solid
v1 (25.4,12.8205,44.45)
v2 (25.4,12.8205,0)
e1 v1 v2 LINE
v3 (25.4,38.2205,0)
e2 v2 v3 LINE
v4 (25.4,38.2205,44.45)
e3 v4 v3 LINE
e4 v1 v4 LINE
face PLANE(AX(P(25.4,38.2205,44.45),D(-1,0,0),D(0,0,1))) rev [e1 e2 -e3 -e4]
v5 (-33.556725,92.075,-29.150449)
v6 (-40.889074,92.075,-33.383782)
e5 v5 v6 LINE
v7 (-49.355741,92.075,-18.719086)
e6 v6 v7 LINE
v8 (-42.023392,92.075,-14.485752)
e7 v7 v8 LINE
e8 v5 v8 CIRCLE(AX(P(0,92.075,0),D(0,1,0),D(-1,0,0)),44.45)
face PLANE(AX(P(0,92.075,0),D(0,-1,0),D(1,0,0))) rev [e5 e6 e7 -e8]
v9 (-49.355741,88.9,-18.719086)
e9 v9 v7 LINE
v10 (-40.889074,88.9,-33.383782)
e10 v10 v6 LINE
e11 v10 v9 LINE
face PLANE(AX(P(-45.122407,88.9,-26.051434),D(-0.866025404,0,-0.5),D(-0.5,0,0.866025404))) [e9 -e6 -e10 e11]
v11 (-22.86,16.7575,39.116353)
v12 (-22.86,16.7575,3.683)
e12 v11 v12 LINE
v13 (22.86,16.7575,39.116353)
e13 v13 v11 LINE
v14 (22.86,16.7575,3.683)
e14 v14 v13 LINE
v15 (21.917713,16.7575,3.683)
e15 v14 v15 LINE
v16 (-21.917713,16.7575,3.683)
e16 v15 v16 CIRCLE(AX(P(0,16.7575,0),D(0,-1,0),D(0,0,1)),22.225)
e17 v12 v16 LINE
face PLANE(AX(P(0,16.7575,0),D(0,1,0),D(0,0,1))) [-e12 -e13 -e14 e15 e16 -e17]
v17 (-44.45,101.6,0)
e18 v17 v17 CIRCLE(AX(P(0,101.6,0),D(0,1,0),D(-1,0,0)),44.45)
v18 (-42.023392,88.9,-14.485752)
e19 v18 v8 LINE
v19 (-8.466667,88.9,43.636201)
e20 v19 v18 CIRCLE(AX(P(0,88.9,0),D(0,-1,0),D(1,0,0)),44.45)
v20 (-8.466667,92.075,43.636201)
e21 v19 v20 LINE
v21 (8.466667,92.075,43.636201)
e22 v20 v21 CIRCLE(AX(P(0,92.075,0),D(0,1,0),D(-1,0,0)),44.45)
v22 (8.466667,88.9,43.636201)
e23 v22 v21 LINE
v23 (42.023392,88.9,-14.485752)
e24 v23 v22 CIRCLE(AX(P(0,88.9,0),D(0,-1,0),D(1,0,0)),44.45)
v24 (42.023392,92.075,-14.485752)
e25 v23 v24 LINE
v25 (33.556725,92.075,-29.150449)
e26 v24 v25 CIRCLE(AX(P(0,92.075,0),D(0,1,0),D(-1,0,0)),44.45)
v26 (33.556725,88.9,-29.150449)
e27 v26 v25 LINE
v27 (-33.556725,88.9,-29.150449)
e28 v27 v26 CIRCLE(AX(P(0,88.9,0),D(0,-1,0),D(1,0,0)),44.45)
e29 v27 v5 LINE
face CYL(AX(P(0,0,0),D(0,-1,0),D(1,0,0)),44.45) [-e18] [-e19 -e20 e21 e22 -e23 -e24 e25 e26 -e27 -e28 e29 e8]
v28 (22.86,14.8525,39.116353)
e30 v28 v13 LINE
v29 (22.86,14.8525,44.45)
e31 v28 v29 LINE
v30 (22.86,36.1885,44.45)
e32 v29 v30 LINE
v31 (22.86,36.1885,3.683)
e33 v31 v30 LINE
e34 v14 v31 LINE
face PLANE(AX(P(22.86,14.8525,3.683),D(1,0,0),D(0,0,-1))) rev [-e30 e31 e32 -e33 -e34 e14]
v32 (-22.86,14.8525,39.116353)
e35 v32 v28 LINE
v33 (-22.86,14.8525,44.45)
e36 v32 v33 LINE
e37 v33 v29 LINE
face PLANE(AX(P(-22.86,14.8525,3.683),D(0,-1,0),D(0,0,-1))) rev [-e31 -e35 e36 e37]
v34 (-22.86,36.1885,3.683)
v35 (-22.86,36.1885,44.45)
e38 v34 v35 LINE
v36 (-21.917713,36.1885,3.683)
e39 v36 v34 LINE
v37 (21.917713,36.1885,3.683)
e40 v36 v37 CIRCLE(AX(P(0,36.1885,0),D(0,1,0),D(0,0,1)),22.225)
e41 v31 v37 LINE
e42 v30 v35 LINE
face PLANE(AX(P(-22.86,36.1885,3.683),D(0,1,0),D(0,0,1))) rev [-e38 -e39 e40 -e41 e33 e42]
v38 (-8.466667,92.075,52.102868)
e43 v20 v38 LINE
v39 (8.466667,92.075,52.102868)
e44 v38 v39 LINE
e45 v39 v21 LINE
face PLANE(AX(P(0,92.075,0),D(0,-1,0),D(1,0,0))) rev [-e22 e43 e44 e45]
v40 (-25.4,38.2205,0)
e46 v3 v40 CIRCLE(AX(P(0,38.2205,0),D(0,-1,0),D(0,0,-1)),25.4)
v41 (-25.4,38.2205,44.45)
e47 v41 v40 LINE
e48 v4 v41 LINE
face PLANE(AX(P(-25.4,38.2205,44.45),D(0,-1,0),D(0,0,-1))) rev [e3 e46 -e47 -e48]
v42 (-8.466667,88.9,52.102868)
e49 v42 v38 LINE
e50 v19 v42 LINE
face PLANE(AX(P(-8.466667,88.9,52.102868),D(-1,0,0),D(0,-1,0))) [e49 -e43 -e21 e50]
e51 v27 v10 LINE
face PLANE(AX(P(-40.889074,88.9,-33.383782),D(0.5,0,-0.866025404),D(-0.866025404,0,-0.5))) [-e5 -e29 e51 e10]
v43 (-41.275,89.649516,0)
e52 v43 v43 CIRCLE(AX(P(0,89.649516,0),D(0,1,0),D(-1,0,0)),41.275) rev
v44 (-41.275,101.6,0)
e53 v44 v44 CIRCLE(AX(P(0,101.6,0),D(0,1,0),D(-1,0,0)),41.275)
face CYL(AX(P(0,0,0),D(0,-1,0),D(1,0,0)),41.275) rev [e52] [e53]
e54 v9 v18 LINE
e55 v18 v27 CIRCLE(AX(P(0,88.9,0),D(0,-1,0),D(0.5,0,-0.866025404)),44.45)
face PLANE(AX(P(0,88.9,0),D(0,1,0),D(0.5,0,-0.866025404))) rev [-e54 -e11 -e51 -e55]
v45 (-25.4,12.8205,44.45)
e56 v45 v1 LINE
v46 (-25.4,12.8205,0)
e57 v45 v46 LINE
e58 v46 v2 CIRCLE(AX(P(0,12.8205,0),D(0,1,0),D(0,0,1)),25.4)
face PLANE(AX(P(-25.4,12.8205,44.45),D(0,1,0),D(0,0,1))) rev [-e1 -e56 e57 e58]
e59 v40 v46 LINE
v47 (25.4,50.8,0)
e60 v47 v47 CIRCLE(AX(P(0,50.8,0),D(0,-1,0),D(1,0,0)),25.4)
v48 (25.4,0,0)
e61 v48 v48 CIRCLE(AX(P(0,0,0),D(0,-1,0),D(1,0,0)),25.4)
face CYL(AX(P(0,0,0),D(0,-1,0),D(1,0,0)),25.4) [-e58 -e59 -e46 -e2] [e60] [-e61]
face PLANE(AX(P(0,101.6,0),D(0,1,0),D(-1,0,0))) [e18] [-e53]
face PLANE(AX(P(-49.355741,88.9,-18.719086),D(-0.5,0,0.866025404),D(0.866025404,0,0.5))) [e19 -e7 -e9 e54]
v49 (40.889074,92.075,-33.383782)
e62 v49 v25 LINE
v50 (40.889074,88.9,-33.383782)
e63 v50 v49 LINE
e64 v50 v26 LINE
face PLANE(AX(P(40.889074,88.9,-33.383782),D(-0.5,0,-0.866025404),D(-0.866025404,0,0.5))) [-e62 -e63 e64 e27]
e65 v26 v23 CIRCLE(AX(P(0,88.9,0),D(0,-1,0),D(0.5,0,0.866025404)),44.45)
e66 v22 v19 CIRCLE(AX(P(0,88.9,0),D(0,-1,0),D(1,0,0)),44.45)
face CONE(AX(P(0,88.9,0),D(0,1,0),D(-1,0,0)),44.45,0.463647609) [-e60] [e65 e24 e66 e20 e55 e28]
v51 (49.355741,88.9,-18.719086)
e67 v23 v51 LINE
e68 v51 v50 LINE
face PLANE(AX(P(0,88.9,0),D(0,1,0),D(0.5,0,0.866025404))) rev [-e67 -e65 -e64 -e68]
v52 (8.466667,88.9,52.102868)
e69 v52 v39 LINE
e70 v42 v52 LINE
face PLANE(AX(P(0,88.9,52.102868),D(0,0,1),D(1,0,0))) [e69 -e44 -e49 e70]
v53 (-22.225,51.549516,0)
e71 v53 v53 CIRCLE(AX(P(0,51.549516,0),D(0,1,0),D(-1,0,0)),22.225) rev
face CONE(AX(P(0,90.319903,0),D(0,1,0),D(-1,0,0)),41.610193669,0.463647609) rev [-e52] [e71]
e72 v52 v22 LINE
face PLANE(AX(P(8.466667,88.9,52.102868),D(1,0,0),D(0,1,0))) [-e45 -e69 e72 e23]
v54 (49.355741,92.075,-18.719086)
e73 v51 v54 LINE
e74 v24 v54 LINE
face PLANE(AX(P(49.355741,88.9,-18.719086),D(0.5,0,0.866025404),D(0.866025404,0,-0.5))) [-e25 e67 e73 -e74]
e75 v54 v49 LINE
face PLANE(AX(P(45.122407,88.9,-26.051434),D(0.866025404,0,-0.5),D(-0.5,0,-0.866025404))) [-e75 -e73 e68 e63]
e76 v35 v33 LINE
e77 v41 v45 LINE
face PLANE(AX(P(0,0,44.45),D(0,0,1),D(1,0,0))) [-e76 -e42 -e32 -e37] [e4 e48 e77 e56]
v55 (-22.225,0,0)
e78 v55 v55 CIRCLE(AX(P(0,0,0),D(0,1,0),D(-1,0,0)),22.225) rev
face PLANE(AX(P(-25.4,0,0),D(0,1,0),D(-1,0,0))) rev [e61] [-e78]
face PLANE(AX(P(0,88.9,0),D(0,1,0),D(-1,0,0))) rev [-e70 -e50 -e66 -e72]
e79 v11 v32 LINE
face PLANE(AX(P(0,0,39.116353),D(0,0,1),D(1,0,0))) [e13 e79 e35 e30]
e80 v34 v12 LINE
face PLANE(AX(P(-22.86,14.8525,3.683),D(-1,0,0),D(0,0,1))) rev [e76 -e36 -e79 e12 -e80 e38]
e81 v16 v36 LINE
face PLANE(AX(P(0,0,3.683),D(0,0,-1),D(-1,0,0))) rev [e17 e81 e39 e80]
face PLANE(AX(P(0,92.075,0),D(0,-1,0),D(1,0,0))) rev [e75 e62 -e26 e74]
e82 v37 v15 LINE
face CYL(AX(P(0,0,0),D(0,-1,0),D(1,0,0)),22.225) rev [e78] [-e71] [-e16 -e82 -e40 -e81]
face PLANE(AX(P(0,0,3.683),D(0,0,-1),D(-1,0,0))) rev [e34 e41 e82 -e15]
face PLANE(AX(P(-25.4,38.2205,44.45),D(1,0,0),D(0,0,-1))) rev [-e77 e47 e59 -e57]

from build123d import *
from build123d.topology import SkipClean

# Parameters (mm, degrees)
SHELL1_T                = -3.175
BOSS_EXTRUDE1_START     = -3.175
BOSS_EXTRUDE1_DEPTH     = 3.175
CIRPATTERN1_COUNT       = 3
SKETCH4_W               = 50.8
SKETCH4_H               = 25.4
BOSS_EXTRUDE2_DEPTH     = 44.45
CUT_EXTRUDE1_DEPTH      = 90.727393356
CUT_EXTRUDE1_DEPTH_BACK = 90.727393356
SKETCH5_R               = 22.225
SKETCH6_W               = 45.72
SKETCH6_H               = 21.336
CUT_EXTRUDE2_DEPTH      = 40.767
BOSS_EXTRUDE3_DEPTH     = 1.905
SKETCH8_W               = 45.72
SKETCH8_H               = 1.905
BOSS_EXTRUDE4_DEPTH     = 16.256
SKETCH10_R              = 44.45
SKETCH10_R_2            = 41.275
BOSS_EXTRUDE5_DEPTH     = 9.525


with BuildPart() as part:
    # Sketch1 → Revolve1 (revolve)
    with BuildSketch(Plane.XY, mode=Mode.PRIVATE) as revolve1_sk:
        Polygon((0, 92.075), (-44.45, 92.075), (-44.45, 88.9), (-25.4, 50.8), (-25.4, 0), (0, 0), align=None)
    revolve(revolve1_sk.sketch.rotate(Axis((0, 0, 0), (0, 1, 0)), 180), axis=Axis((0, 0, 0), (0, 1, 0)))

    # Shell1
    shell1_openings = [part.faces().sort_by_distance(p)[0] for p in [
        (0, 0, 0),
        (0, 92.075, 0),
    ]]
    offset(amount=SHELL1_T, openings=shell1_openings, kind=Kind.INTERSECTION)

    # Sketch2 → Boss-Extrude1 (add)
    with BuildSketch(Plane(origin=(0, 92.075, 0), x_dir=(1, 0, 0), z_dir=(0, 1, 0)).offset(BOSS_EXTRUDE1_START)):
        with BuildLine():
            Line((0, -52.102867871), (-8.466666667, -52.102867871))
            Line((-8.466666667, -52.102867871), (-8.466666667, -43.636201204))
            ThreePointArc((-8.466666667, -43.636201204), (0, -44.45), (8.466666667, -43.636201204))
            Line((8.466666667, -43.636201204), (8.466666667, -52.102867871))
            Line((8.466666667, -52.102867871), (0, -52.102867871))
        make_face()
    boss_extrude1 = extrude(amount=BOSS_EXTRUDE1_DEPTH)

    # CirPattern1: Boss-Extrude1 ×3 about axis
    cirpattern1_axis = Axis((0, 0, 0), (0, 1, 0))
    for i in range(1, CIRPATTERN1_COUNT):
        add(boss_extrude1.rotate(cirpattern1_axis, i * 360 / CIRPATTERN1_COUNT))

    # Sketch4 → Boss-Extrude2 (add)
    with BuildSketch(Plane.XY):
        with Locations((0, 25.520500134)):
            Rectangle(SKETCH4_W, SKETCH4_H)
    extrude(amount=BOSS_EXTRUDE2_DEPTH)

    # Sketch5 → Cut-Extrude1 (cut, two sides: drawn at the far end of the back side and taken through both)
    with BuildSketch(Plane(origin=(0, 38.220500134, 0), x_dir=(1, 0, 0), z_dir=(0, 1, 0)).offset(-CUT_EXTRUDE1_DEPTH_BACK)):
        with Locations(Location((0, 0, 0), (0, 0, 180))):
            Circle(SKETCH5_R)
    extrude(amount=CUT_EXTRUDE1_DEPTH + CUT_EXTRUDE1_DEPTH_BACK, mode=Mode.SUBTRACT)

    # Sketch6 → Cut-Extrude2 (cut)
    with BuildSketch(Plane.XY.offset(44.45)):
        with Locations((0, 25.520500134)):
            Rectangle(SKETCH6_W, SKETCH6_H)
    extrude(amount=-CUT_EXTRUDE2_DEPTH, mode=Mode.SUBTRACT)

    # Sketch7 → Boss-Extrude3 (add)
    with SkipClean():  # the faces are left unmerged after this step: merging them gives an invalid solid
        with BuildSketch(Plane(origin=(0, 14.852500134, 0), x_dir=(1, 0, 0), z_dir=(0, 1, 0))):
            with BuildLine():
                Line((0, -22.860352775), (-22.86, -22.860352775))
                Line((-22.86, -22.860352775), (-22.860352775, 0))
                Line((-22.860352775, 0), (-22.225, 0))
                ThreePointArc((-22.225, 0), (-1.847898428, -22.148044979), (21.917712837, -3.683))
                Line((21.917712837, -3.683), (22.86, -3.683))
                Line((22.86, -3.683), (22.860352775, 0))
                Line((22.860352775, 0), (22.86, -22.860352775))
                Line((22.86, -22.860352775), (0, -22.860352775))
            make_face()
        extrude(amount=BOSS_EXTRUDE3_DEPTH)

    # Sketch8 → Boss-Extrude4 (add)
    with SkipClean():  # the faces are left unmerged after this step: merging them gives an invalid solid
        with BuildSketch(Plane.XY.offset(22.860352775)):
            with Locations((0, 15.805000134)):
                Rectangle(SKETCH8_W, SKETCH8_H)
        extrude(amount=BOSS_EXTRUDE4_DEPTH)

    # Sketch10 → Boss-Extrude5 (add)
    with BuildSketch(Plane(origin=(0, 92.075, 0), x_dir=(1, 0, 0), z_dir=(0, 1, 0))):
        with Locations(Location((0, 0, 0), (0, 0, 19.019424572))):
            Circle(SKETCH10_R)
        with Locations(Location((0, 0, 0), (0, 0, 180))):
            Circle(SKETCH10_R_2, mode=Mode.SUBTRACT)
    extrude(amount=BOSS_EXTRUDE5_DEPTH)


solid = part.part
